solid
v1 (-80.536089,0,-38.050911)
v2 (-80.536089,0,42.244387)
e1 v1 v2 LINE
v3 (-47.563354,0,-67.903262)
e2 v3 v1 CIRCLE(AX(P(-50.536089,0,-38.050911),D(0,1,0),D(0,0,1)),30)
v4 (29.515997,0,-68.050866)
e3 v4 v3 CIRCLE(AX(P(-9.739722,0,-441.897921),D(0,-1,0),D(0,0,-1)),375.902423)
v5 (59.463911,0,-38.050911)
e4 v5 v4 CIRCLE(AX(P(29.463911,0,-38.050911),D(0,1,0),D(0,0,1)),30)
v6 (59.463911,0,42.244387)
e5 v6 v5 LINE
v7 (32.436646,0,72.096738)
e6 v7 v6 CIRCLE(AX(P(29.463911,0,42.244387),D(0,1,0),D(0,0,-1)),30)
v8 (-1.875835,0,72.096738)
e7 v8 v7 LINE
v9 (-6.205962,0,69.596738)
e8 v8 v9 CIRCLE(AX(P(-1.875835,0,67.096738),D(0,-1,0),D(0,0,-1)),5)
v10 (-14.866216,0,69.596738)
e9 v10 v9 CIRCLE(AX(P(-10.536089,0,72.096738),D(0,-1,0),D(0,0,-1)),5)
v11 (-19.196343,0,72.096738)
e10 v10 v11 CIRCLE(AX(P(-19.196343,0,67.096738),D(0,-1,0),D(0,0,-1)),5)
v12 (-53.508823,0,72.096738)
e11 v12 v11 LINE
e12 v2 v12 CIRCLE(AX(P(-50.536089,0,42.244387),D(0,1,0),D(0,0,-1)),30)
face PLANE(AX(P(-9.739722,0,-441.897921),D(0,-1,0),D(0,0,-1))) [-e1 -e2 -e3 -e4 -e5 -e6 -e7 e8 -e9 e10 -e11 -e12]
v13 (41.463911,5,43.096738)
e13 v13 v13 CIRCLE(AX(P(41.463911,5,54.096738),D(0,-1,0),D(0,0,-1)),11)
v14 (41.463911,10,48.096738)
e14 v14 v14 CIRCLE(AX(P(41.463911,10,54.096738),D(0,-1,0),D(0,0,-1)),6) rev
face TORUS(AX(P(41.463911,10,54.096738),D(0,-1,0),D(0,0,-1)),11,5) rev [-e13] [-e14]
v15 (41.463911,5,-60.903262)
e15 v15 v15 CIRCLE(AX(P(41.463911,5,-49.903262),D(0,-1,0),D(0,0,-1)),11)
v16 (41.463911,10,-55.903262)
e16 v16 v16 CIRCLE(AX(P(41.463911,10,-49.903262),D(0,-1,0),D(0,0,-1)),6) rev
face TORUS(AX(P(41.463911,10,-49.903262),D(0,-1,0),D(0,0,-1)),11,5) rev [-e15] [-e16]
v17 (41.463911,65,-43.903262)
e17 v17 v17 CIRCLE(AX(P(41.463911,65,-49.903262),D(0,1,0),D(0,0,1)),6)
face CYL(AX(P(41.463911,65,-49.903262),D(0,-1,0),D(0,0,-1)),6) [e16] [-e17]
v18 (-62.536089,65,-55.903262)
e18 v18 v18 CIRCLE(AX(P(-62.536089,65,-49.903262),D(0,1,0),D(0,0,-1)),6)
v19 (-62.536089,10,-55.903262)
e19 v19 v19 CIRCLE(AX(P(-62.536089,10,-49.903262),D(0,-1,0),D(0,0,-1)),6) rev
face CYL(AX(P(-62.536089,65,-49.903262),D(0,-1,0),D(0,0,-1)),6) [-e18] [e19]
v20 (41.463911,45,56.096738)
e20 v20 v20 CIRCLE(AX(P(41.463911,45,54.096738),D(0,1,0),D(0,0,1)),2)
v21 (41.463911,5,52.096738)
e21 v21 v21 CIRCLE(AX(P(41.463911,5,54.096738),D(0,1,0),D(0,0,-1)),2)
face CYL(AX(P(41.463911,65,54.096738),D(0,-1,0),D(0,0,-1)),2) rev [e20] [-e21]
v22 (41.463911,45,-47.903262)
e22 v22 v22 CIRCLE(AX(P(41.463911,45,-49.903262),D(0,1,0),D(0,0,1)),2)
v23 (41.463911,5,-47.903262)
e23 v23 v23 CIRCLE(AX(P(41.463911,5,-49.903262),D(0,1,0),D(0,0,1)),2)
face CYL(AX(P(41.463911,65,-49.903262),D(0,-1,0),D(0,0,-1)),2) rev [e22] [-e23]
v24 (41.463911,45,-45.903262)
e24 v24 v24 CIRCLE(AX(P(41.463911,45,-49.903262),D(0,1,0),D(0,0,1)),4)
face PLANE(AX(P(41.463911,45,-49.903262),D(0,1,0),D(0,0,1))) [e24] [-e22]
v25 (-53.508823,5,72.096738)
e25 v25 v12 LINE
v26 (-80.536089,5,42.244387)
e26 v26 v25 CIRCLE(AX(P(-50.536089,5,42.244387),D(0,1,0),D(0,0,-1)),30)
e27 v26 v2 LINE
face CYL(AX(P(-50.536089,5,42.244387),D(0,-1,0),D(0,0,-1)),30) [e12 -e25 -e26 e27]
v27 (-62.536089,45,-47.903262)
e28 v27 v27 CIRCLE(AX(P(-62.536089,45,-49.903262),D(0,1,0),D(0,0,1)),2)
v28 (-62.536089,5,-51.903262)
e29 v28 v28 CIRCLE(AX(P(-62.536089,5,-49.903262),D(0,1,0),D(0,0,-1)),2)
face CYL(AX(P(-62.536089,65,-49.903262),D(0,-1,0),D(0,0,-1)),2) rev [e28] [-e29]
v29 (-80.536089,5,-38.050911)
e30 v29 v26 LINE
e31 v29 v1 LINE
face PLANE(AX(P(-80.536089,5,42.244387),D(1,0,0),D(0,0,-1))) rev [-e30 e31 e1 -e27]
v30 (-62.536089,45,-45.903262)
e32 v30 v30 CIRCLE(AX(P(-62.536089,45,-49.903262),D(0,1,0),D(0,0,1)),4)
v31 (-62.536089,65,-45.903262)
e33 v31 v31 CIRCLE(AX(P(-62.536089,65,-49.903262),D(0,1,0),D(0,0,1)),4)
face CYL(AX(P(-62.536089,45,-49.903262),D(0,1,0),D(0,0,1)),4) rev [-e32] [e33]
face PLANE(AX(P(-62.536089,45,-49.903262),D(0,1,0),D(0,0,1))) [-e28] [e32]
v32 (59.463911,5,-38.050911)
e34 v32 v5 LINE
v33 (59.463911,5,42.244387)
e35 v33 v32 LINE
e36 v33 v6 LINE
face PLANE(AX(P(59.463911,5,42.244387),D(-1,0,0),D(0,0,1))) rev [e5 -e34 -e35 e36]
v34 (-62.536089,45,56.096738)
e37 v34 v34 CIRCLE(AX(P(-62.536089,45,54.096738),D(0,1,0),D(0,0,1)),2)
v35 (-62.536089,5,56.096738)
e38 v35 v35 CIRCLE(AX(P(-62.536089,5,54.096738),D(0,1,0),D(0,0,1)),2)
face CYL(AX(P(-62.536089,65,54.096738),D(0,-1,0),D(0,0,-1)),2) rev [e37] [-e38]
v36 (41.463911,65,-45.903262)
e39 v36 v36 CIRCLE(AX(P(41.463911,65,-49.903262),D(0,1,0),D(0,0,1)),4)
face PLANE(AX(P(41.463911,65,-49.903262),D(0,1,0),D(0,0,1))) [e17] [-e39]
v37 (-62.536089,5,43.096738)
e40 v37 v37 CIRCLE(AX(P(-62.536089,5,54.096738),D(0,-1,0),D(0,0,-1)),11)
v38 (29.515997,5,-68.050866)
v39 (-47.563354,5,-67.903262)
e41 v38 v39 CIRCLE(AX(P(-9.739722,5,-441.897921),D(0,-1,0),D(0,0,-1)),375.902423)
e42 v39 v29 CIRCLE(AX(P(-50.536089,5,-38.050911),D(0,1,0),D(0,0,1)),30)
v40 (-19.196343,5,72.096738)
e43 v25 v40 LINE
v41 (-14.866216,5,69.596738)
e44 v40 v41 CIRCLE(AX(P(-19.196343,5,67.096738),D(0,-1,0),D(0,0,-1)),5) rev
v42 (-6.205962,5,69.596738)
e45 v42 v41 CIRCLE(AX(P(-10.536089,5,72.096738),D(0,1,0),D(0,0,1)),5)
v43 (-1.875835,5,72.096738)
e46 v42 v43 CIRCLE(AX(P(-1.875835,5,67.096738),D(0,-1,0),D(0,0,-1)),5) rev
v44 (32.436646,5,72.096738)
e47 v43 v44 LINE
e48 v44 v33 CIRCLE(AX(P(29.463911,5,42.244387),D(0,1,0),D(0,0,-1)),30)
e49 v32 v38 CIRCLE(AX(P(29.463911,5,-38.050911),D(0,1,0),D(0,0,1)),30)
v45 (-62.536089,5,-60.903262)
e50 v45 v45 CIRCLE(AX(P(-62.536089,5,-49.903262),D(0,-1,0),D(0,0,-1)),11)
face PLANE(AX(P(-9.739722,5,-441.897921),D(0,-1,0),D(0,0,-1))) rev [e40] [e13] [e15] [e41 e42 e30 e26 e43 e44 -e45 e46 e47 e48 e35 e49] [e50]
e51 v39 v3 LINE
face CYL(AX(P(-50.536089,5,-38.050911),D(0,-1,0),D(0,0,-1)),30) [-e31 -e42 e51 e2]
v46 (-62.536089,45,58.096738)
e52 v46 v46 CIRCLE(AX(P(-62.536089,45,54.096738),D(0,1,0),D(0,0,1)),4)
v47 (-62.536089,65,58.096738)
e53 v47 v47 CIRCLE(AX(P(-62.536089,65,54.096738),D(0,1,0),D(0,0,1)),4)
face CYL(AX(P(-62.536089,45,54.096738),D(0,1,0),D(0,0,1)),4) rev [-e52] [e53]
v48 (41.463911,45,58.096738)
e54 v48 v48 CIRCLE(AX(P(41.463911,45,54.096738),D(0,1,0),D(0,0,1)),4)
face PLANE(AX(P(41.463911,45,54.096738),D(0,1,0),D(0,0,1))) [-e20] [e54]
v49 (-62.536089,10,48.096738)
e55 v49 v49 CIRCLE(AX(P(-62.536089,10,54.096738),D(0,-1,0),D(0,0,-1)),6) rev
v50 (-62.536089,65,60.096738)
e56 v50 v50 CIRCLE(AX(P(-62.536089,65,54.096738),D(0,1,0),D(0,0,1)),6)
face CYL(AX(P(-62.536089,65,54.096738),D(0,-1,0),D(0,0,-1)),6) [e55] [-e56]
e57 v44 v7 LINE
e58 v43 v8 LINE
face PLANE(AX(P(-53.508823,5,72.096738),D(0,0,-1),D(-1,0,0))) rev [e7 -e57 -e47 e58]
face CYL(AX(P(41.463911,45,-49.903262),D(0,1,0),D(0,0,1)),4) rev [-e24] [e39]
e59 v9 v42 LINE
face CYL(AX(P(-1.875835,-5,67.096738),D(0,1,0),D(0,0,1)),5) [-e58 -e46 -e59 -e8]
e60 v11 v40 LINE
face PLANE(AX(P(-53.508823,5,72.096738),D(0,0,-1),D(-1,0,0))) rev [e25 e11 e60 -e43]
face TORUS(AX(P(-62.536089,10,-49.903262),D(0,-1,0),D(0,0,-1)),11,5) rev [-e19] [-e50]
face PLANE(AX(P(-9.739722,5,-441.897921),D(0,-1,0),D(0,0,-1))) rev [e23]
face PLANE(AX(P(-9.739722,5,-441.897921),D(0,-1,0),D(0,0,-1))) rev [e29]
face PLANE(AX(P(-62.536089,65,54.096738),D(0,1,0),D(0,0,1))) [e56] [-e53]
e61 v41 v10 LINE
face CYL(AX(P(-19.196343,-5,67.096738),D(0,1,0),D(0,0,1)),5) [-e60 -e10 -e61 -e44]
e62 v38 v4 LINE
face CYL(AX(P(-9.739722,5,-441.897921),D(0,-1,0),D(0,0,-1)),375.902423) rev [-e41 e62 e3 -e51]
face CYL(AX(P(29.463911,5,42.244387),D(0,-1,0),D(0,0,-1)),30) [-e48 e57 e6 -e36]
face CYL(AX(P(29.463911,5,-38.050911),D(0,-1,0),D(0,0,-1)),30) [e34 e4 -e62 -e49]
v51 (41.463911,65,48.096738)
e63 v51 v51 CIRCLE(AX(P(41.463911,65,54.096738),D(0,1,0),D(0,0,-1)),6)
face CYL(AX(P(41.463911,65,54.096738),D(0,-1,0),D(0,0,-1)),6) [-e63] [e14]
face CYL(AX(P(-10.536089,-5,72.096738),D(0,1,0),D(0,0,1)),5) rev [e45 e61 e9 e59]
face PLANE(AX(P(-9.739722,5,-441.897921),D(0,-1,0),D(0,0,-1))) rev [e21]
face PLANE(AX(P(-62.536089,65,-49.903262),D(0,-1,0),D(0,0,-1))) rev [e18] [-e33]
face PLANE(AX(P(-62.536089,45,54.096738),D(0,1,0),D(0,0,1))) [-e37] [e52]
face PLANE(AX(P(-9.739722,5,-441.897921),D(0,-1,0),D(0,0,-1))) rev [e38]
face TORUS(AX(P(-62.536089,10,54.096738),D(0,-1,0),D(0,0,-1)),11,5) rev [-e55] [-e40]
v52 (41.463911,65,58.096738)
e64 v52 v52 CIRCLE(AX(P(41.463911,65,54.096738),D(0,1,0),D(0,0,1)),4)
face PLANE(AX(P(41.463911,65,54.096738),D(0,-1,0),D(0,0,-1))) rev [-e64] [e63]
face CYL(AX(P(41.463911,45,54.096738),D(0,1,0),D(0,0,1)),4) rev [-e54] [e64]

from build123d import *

# Parameters (mm, degrees)
BOSS_EXTRUDE1_DEPTH = 5
SKETCH3_R           = 6
SKETCH3_R_2         = 2
BOSS_EXTRUDE2_DEPTH = 60
SKETCH4_R           = 4
CUT_EXTRUDE2_DEPTH  = 20
FILLET1_R           = 5
SKETCH5_R           = 5
CUT_EXTRUDE3_DEPTH  = 10
FILLET2_R           = 5


with BuildPart() as part:
    # Sketch2 → Boss-Extrude1 (new body)
    with BuildSketch(Plane(origin=(0, 0, 0), x_dir=(1, 0, 0), z_dir=(0, 1, 0))):
        with BuildLine():
            Line((-53.508823352, -72.096737708), (32.436645713, -72.096737708))
            ThreePointArc((32.436645713, -72.096737708), (51.703313555, -62.379157363), (59.46391118, -42.24438689))
            Line((59.46391118, -42.24438689), (59.46391118, 38.050911473))
            ThreePointArc((59.46391118, 38.050911473), (50.695521882, 59.245691656), (29.51599738, 68.050866257))
            ThreePointArc((29.51599738, 68.050866257), (-9.019885151, 65.996186888), (-47.563354288, 67.903262292))
            ThreePointArc((-47.563354288, 67.903262292), (-70.670859293, 60.290313848), (-80.53608882, 38.050911473))
            Line((-80.53608882, 38.050911473), (-80.53608882, -42.24438689))
            ThreePointArc((-80.53608882, -42.24438689), (-72.775491194, -62.379157363), (-53.508823352, -72.096737708))
        make_face()
    extrude(amount=BOSS_EXTRUDE1_DEPTH)

    # Sketch3 → Boss-Extrude2 (add)
    # profile 1 of 4: a face of its own
    with BuildSketch(Plane(origin=(0, 5, 0), x_dir=(1, 0, 0), z_dir=(0, 1, 0))):
        with Locations(Location((41.46391118, 49.903262292, 0), (0, 0, 90))):
            Circle(SKETCH3_R)
        with Locations(Location((41.46391118, 49.903262292, 0), (0, 0, 270))):
            Circle(SKETCH3_R_2, mode=Mode.SUBTRACT)
    # profile 2 of 4: a face of its own
    with BuildSketch(Plane(origin=(0, 5, 0), x_dir=(1, 0, 0), z_dir=(0, 1, 0))):
        with Locations(Location((-62.53608882, 49.903262292, 0), (0, 0, 90))):
            Circle(SKETCH3_R)
        with Locations(Location((-62.53608882, 49.903262292, 0), (0, 0, 90))):
            Circle(SKETCH3_R_2, mode=Mode.SUBTRACT)
    # profile 3 of 4: a face of its own
    with BuildSketch(Plane(origin=(0, 5, 0), x_dir=(1, 0, 0), z_dir=(0, 1, 0))):
        with Locations(Location((-62.53608882, -54.096737708, 0), (0, 0, 90))):
            Circle(SKETCH3_R)
        with Locations(Location((-62.53608882, -54.096737708, 0), (0, 0, 270))):
            Circle(SKETCH3_R_2, mode=Mode.SUBTRACT)
    # profile 4 of 4: a face of its own
    with BuildSketch(Plane(origin=(0, 5, 0), x_dir=(1, 0, 0), z_dir=(0, 1, 0))):
        with Locations(Location((41.46391118, -54.096737708, 0), (0, 0, 90))):
            Circle(SKETCH3_R)
        with Locations(Location((41.46391118, -54.096737708, 0), (0, 0, 90))):
            Circle(SKETCH3_R_2, mode=Mode.SUBTRACT)
    extrude(amount=BOSS_EXTRUDE2_DEPTH)

    # Sketch4 → Cut-Extrude2 (cut)
    with BuildSketch(Plane(origin=(0, 65, 0), x_dir=(1, 0, 0), z_dir=(0, 1, 0))):
        with Locations(Location((41.46391118, 49.903262292, 0), (0, 0, 270))):
            Circle(SKETCH4_R)
        with Locations(Location((-62.53608882, 49.903262292, 0), (0, 0, 270))):
            Circle(SKETCH4_R)
        with Locations(Location((-62.53608882, -54.096737708, 0), (0, 0, 270))):
            Circle(SKETCH4_R)
        with Locations(Location((41.46391118, -54.096737708, 0), (0, 0, 270))):
            Circle(SKETCH4_R)
    extrude(amount=-CUT_EXTRUDE2_DEPTH, mode=Mode.SUBTRACT)

    # Fillet1
    fillet1_edges = [part.edges().sort_by_distance(p)[0] for p in [
        (41.46391118, 5, -43.903262292),
        (-62.53608882, 5, -43.903262292),
        (-62.53608882, 5, 60.096737708),
        (41.46391118, 5, 60.096737708),
    ]]
    fillet(fillet1_edges, radius=FILLET1_R)

    # Sketch5 → Cut-Extrude3 (cut)
    with BuildSketch(Plane(origin=(0, 5, 0), x_dir=(1, 0, 0), z_dir=(0, 1, 0))):
        with Locations((-10.53608882, -72.096737708)):
            Circle(SKETCH5_R)
    extrude(amount=-CUT_EXTRUDE3_DEPTH, mode=Mode.SUBTRACT)

    # Fillet2
    fillet2_edges = [part.edges().sort_by_distance(p)[0] for p in [
        (-15.53608882, 2.5, 72.096737708),
        (-5.53608882, 2.5, 72.096737708),
    ]]
    fillet(fillet2_edges, radius=FILLET2_R)


solid = part.part
